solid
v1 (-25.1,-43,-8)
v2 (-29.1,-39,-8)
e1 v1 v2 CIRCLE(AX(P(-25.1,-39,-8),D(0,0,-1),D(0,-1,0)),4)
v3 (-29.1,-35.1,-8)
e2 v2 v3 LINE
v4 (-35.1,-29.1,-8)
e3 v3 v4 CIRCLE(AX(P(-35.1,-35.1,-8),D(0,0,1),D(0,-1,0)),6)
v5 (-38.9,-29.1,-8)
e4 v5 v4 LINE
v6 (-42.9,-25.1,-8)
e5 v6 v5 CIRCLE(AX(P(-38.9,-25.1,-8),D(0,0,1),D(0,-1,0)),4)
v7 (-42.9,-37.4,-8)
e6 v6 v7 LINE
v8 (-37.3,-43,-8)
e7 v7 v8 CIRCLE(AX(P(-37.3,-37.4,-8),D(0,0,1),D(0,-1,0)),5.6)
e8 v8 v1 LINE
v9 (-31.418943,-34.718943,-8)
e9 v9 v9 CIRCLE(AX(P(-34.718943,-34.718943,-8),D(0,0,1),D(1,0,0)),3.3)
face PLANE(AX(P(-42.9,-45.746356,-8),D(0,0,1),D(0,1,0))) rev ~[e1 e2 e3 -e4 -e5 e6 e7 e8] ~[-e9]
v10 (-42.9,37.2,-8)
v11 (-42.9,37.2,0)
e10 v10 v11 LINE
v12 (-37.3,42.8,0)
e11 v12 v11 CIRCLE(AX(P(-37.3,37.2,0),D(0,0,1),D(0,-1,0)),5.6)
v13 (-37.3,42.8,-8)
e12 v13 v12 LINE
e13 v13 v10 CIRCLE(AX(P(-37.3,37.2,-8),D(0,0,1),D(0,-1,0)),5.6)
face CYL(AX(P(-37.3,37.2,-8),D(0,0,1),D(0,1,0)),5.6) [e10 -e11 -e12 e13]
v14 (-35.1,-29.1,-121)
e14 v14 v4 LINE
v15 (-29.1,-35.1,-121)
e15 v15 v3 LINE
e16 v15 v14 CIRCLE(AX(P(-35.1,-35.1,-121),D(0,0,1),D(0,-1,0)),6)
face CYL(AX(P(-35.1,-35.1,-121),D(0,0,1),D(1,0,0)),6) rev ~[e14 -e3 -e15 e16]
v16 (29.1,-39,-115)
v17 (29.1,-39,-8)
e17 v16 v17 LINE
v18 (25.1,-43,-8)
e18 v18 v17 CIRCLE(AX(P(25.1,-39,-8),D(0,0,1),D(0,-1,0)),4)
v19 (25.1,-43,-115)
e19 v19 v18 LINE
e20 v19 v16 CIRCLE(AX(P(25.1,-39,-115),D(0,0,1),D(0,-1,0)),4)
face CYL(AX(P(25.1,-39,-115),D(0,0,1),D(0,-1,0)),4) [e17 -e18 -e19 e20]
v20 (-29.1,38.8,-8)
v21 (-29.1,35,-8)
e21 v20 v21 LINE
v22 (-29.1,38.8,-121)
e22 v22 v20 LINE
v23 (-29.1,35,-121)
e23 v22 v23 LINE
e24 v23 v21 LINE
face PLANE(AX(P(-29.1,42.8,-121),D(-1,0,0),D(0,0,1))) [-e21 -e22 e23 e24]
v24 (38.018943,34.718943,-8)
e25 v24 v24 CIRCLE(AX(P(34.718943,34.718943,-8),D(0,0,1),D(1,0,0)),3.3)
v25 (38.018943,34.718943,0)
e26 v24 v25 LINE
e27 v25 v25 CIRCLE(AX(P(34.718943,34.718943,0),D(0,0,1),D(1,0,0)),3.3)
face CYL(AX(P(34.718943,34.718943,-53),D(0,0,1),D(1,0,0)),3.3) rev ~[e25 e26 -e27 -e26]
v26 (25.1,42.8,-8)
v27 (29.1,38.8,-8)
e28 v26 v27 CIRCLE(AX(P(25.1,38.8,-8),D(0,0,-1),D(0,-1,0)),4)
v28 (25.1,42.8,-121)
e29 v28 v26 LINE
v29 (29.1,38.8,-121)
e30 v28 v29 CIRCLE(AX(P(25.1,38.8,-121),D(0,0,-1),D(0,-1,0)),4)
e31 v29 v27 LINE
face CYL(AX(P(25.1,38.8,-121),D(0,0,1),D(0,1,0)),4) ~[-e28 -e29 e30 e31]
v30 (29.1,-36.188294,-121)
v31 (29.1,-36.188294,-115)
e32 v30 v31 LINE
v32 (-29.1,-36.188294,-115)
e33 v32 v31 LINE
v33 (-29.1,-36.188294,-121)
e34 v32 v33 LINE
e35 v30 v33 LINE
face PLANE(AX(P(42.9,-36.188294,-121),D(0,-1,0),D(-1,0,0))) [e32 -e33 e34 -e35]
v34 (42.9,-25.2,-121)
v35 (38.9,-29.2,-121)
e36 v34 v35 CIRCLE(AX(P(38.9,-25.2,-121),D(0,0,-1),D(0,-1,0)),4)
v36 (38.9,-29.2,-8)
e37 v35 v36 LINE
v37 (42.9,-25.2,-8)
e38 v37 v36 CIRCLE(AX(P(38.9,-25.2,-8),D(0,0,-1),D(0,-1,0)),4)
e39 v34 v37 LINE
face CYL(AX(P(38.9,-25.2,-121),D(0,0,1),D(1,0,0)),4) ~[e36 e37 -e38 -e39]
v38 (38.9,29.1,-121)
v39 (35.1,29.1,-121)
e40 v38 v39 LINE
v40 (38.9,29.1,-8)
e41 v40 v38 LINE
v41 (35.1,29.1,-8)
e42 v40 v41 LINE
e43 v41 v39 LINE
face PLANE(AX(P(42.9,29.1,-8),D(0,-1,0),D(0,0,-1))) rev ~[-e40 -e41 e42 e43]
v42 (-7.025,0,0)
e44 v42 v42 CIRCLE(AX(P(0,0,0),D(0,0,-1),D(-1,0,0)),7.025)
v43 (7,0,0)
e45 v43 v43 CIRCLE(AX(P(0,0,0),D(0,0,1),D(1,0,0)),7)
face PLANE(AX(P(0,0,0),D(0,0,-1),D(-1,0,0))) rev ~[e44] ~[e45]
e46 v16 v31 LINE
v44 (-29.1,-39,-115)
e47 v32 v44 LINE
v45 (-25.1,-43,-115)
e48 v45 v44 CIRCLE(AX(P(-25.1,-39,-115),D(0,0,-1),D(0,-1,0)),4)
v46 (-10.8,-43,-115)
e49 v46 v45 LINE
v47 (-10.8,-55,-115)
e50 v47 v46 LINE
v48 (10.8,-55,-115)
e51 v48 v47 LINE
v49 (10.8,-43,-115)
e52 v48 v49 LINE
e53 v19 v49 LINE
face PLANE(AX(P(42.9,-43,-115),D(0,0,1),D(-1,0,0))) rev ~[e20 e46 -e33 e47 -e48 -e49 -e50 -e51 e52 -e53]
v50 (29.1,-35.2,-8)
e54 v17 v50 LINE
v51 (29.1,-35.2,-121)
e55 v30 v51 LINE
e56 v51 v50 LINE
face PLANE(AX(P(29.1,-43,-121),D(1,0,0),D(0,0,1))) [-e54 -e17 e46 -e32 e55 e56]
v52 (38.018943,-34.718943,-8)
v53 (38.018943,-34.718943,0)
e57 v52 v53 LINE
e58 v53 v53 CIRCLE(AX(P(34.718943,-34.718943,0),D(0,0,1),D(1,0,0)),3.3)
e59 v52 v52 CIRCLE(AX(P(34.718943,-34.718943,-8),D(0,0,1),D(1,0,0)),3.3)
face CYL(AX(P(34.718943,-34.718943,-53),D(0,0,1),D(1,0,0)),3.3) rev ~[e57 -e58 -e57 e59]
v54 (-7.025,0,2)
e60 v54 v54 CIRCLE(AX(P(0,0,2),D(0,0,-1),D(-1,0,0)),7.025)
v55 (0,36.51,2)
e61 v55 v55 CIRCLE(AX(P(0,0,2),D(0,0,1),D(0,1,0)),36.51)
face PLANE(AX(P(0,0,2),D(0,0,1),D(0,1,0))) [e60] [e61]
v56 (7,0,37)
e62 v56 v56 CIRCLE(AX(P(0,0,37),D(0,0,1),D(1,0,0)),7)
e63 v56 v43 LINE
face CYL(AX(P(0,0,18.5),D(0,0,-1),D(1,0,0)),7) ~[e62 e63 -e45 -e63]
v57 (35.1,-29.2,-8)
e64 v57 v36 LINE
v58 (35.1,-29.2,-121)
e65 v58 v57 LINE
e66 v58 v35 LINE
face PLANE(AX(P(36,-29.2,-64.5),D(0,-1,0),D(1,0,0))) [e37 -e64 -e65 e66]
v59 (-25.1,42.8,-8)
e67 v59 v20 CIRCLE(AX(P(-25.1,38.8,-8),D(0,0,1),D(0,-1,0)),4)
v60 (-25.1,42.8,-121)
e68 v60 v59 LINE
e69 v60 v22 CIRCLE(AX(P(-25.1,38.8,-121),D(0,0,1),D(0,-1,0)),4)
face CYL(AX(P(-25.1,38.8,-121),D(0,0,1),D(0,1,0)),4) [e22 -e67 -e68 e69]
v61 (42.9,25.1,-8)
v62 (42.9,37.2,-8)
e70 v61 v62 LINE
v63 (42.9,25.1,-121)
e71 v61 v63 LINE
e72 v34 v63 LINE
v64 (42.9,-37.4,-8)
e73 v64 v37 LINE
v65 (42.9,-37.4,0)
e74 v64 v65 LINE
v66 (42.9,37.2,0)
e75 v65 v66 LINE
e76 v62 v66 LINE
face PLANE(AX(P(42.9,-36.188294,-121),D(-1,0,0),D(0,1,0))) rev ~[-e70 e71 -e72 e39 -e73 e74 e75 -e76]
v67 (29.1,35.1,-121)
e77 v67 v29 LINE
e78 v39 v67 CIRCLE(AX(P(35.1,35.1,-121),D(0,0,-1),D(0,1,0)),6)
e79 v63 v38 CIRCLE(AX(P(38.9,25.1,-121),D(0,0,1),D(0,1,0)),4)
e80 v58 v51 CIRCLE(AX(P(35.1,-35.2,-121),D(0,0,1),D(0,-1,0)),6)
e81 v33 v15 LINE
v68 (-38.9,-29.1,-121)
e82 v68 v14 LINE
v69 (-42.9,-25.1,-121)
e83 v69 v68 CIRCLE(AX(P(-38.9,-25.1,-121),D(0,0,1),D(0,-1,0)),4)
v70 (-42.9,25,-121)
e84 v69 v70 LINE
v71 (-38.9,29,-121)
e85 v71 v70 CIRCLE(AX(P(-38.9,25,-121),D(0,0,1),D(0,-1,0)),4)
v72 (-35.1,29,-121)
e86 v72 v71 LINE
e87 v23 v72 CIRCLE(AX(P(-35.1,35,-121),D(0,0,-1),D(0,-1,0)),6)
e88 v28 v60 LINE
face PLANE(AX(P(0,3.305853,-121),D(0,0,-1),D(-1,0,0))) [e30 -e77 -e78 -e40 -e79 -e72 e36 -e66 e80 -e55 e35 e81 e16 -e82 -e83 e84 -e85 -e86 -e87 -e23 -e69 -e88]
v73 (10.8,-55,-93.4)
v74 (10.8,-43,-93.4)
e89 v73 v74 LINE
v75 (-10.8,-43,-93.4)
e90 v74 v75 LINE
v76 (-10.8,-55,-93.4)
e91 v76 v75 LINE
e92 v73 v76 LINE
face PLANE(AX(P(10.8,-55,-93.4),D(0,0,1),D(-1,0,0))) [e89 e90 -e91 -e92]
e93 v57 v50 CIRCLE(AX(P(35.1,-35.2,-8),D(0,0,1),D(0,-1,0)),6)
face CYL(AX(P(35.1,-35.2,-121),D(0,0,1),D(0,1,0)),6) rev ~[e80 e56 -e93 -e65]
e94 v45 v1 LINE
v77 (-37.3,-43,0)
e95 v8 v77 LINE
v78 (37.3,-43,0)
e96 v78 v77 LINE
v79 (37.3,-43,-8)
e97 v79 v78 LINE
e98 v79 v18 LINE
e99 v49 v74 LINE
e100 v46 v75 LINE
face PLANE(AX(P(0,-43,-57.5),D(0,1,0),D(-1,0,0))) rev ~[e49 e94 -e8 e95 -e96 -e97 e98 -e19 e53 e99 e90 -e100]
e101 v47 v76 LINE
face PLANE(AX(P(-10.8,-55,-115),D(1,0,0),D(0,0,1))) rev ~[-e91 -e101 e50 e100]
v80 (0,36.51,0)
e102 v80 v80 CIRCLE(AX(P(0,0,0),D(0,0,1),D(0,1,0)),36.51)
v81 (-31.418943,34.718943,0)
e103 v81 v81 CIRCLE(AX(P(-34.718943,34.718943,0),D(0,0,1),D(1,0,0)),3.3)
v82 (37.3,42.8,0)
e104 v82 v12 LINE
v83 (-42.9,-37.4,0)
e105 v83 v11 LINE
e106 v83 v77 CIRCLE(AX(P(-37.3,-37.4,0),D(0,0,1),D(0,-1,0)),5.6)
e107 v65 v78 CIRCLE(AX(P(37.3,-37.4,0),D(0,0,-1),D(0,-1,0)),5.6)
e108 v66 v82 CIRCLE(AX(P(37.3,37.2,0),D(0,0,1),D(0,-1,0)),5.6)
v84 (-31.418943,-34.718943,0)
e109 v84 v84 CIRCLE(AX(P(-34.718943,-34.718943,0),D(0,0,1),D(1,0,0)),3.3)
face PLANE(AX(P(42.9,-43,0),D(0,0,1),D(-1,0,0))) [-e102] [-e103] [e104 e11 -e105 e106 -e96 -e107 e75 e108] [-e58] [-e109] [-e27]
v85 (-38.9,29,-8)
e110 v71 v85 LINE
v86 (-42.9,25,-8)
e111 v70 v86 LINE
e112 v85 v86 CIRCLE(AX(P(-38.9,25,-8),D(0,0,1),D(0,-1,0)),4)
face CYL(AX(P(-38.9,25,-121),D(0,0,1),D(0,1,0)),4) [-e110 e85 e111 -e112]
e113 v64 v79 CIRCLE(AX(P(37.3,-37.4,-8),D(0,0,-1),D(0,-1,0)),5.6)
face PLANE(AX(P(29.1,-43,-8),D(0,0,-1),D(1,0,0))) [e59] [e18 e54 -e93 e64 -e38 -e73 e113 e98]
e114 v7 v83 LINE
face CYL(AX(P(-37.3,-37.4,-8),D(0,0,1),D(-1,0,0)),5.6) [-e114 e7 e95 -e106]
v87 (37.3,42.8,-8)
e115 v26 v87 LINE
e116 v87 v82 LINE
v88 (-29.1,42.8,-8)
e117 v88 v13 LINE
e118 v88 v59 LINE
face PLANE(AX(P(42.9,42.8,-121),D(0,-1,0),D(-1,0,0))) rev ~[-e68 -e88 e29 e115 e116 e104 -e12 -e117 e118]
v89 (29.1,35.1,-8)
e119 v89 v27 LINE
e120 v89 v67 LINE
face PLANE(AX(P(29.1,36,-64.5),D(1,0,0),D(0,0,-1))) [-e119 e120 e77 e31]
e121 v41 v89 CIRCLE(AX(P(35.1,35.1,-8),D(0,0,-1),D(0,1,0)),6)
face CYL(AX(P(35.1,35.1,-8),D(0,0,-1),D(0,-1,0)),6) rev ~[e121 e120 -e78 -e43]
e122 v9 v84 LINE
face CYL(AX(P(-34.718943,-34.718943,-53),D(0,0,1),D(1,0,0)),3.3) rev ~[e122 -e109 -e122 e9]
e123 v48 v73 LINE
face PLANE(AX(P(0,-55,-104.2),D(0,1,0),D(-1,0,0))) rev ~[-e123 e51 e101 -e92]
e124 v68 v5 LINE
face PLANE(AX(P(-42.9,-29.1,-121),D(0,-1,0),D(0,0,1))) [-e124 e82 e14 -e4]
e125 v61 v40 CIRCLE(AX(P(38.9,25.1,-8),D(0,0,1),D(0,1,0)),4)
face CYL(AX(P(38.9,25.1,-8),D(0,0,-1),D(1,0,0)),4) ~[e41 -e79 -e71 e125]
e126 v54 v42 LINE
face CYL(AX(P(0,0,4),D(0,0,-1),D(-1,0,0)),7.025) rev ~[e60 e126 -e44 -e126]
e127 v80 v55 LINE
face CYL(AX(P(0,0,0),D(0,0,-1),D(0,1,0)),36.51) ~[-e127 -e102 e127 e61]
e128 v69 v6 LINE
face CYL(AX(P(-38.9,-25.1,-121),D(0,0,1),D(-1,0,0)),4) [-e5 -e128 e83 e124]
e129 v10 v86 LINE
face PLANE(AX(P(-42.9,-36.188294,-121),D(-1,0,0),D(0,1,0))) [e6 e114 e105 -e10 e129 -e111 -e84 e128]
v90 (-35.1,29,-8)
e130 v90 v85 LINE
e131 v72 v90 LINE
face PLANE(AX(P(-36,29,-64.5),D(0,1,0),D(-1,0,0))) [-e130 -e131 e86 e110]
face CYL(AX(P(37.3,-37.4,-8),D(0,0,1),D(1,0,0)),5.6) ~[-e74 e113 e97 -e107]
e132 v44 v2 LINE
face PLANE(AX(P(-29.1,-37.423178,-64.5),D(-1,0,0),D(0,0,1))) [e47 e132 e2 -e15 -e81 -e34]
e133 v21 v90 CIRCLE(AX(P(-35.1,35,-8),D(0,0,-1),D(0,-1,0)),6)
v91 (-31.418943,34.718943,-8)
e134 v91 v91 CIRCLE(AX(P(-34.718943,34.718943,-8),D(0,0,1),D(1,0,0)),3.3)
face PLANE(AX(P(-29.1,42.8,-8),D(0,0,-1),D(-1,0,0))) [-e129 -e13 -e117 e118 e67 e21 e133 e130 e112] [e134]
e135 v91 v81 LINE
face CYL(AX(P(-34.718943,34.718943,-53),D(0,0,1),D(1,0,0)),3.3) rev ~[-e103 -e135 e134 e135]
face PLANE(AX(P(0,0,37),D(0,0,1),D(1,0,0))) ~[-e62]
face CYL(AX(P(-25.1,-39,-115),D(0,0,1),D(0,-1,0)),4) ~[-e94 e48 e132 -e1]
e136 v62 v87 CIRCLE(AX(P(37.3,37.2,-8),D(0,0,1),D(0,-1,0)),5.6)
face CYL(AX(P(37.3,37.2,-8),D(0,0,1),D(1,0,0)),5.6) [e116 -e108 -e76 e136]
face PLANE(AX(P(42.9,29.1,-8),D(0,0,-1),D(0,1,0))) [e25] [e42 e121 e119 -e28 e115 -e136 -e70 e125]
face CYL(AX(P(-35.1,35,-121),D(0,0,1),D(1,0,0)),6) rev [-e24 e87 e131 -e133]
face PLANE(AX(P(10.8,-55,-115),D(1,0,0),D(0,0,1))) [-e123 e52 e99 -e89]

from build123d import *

# Parameters (mm, degrees)
SZKIC7_W                    = 21.6
SZKIC7_H                    = 21.6
DODANIE_WYCI_GNI_CIE5_DEPTH = 12
SZKIC8_W                    = 85.8
SZKIC8_H                    = 115
DODANIE_WYCI_GNI_CIE6_DEPTH = 85.8
SZKIC9_W                    = 85.8
SZKIC9_H                    = 78.988293657
DODANIE_WYCI_GNI_CIE7_DEPTH = 7
SZKIC10_W                   = 113
SZKIC10_H                   = 16.646355961
WYTNIJ_WYCI_GNI_CIE3_DEPTH  = 13.8
SZKIC11_W                   = 13.8
SZKIC11_H                   = 113
WYTNIJ_WYCI_GNI_CIE4_DEPTH  = 13.8
SZKIC12_W                   = 113
SZKIC12_H                   = 13.8
WYTNIJ_WYCI_GNI_CIE5_DEPTH  = 13.8
SZKIC13_W                   = 13.8
SZKIC13_H                   = 113
WYTNIJ_WYCI_GNI_CIE6_DEPTH  = 13.8
SZKIC14_R                   = 36.51
DODANIE_WYCI_GNI_CIE8_DEPTH = 2
OTW_R_POD_RUB_M121_D        = 14.05
OTW_R_POD_RUB_M121_DEPTH    = 2
SZKIC17_W                   = 7
SZKIC17_H                   = 37
OTW_R_6_6_6_6_1_D           = 6.6
OTW_R_6_6_6_6_1_DEPTH       = 45
ZAOKR_GLENIE1_R             = 4.000000016
ZAOKR_GLENIE2_R             = 5.6
ZAOKR_GLENIE3_R             = 5.99999999


with BuildPart() as part:
    # Szkic7 → Dodanie-wyciągnięcie5 (new body)
    with BuildSketch(Plane(origin=(0, -55, 0), x_dir=(-1, 0, 0), z_dir=(0, 1, 0))):
        with Locations((0, -104.2)):
            Rectangle(SZKIC7_W, SZKIC7_H)
    extrude(amount=DODANIE_WYCI_GNI_CIE5_DEPTH)

    # Szkic8 → Dodanie-wyciągnięcie6 (add)
    with BuildSketch(Plane(origin=(0, -43, 0), x_dir=(-1, 0, 0), z_dir=(0, 1, 0))):
        with Locations((0, -57.5)):
            Rectangle(SZKIC8_W, SZKIC8_H)
    extrude(amount=DODANIE_WYCI_GNI_CIE6_DEPTH)

    # Szkic9 → Dodanie-wyciągnięcie7 (add)
    with BuildSketch(Plane(origin=(0, 0, -121), x_dir=(-1, 0, 0), z_dir=(0, 0, -1))):
        with Locations((0, 3.305853172)):
            Rectangle(SZKIC9_W, SZKIC9_H)
    extrude(amount=-DODANIE_WYCI_GNI_CIE7_DEPTH)

    # Szkic10 → Wytnij-wyciągnięcie3 (cut)
    with BuildSketch(Plane.ZY.offset(42.9)):
        with Locations((-64.5, -37.423177981)):
            Rectangle(SZKIC10_W, SZKIC10_H)
    extrude(amount=-WYTNIJ_WYCI_GNI_CIE3_DEPTH, mode=Mode.SUBTRACT)

    # Szkic11 → Wytnij-wyciągnięcie4 (cut)
    with BuildSketch(Plane.XZ.offset(43)):
        with Locations((36, -64.5)):
            Rectangle(SZKIC11_W, SZKIC11_H)
    extrude(amount=-WYTNIJ_WYCI_GNI_CIE4_DEPTH, mode=Mode.SUBTRACT)

    # Szkic12 → Wytnij-wyciągnięcie5 (cut)
    with BuildSketch(Plane(origin=(42.9, 0, 0), x_dir=(0, 0, -1), z_dir=(1, 0, 0))):
        with Locations((64.5, 36)):
            Rectangle(SZKIC12_W, SZKIC12_H)
    extrude(amount=-WYTNIJ_WYCI_GNI_CIE5_DEPTH, mode=Mode.SUBTRACT)

    # Szkic13 → Wytnij-wyciągnięcie6 (cut)
    with BuildSketch(Plane(origin=(0, 42.8, 0), x_dir=(-1, 0, 0), z_dir=(0, 1, 0))):
        with Locations((36, -64.5)):
            Rectangle(SZKIC13_W, SZKIC13_H)
    extrude(amount=-WYTNIJ_WYCI_GNI_CIE6_DEPTH, mode=Mode.SUBTRACT)

    # Szkic14 → Dodanie-wyciągnięcie8 (add)
    with BuildSketch(Plane.XY):
        with Locations(Location((0, 0, 0), (0, 0, 90))):
            Circle(SZKIC14_R)
    extrude(amount=DODANIE_WYCI_GNI_CIE8_DEPTH)

    # Otwór pod śrubę M121
    with Locations(Plane.XY.offset(2)):
        with Locations((0, 0)):
            Hole(OTW_R_POD_RUB_M121_D / 2, depth=OTW_R_POD_RUB_M121_DEPTH)

    # Szkic17 → Obrót1 (revolve)
    with BuildSketch(Plane(origin=(0, 0, 0), x_dir=(1, 0, 0), z_dir=(0, 1, 0))):
        with Locations((3.5, -18.5)):
            Rectangle(SZKIC17_W, SZKIC17_H)
    revolve(axis=Axis((0, 0, 0), (0, 0, 1)))

    # Otwór Ø6.6 (6.6)1
    with Locations(Plane(origin=(0, 0, -8), x_dir=(-1, 0, 0), z_dir=(0, 0, -1))):
        with Locations((34.718942956, -34.718942956), (-34.718942956, -34.718942956), (-34.718942956, 34.718942956), (34.718942956, 34.718942956)):
            Hole(OTW_R_6_6_6_6_1_D / 2, depth=OTW_R_6_6_6_6_1_DEPTH)

    # Zaokrąglenie1
    zaokr_glenie1_edges = [part.edges().sort_by_distance(p)[0] for p in [
        (-42.9, 29, -64.5),
        (-29.1, 42.8, -64.5),
        (-29.1, -43, -61.5),
        (-42.9, -29.1, -64.5),
        (29.1, -43, -61.5),
        (42.9, -29.2, -64.5),
        (42.9, 29.1, -64.5),
        (29.1, 42.8, -64.5),
    ]]
    fillet(zaokr_glenie1_edges, radius=ZAOKR_GLENIE1_R)

    # Zaokrąglenie2
    zaokr_glenie2_edges = [part.edges().sort_by_distance(p)[0] for p in [
        (-42.9, 42.8, -4),
        (42.9, -43, -4),
        (42.9, 42.8, -4),
        (-42.9, -43, -4),
    ]]
    fillet(zaokr_glenie2_edges, radius=ZAOKR_GLENIE2_R)

    # Zaokrąglenie3
    zaokr_glenie3_edges = [part.edges().sort_by_distance(p)[0] for p in [
        (-29.1, 29, -64.5),
        (-29.1, -29.1, -64.5),
        (29.1, -29.2, -64.5),
        (29.1, 29.1, -64.5),
    ]]
    fillet(zaokr_glenie3_edges, radius=ZAOKR_GLENIE3_R)


solid = part.part
